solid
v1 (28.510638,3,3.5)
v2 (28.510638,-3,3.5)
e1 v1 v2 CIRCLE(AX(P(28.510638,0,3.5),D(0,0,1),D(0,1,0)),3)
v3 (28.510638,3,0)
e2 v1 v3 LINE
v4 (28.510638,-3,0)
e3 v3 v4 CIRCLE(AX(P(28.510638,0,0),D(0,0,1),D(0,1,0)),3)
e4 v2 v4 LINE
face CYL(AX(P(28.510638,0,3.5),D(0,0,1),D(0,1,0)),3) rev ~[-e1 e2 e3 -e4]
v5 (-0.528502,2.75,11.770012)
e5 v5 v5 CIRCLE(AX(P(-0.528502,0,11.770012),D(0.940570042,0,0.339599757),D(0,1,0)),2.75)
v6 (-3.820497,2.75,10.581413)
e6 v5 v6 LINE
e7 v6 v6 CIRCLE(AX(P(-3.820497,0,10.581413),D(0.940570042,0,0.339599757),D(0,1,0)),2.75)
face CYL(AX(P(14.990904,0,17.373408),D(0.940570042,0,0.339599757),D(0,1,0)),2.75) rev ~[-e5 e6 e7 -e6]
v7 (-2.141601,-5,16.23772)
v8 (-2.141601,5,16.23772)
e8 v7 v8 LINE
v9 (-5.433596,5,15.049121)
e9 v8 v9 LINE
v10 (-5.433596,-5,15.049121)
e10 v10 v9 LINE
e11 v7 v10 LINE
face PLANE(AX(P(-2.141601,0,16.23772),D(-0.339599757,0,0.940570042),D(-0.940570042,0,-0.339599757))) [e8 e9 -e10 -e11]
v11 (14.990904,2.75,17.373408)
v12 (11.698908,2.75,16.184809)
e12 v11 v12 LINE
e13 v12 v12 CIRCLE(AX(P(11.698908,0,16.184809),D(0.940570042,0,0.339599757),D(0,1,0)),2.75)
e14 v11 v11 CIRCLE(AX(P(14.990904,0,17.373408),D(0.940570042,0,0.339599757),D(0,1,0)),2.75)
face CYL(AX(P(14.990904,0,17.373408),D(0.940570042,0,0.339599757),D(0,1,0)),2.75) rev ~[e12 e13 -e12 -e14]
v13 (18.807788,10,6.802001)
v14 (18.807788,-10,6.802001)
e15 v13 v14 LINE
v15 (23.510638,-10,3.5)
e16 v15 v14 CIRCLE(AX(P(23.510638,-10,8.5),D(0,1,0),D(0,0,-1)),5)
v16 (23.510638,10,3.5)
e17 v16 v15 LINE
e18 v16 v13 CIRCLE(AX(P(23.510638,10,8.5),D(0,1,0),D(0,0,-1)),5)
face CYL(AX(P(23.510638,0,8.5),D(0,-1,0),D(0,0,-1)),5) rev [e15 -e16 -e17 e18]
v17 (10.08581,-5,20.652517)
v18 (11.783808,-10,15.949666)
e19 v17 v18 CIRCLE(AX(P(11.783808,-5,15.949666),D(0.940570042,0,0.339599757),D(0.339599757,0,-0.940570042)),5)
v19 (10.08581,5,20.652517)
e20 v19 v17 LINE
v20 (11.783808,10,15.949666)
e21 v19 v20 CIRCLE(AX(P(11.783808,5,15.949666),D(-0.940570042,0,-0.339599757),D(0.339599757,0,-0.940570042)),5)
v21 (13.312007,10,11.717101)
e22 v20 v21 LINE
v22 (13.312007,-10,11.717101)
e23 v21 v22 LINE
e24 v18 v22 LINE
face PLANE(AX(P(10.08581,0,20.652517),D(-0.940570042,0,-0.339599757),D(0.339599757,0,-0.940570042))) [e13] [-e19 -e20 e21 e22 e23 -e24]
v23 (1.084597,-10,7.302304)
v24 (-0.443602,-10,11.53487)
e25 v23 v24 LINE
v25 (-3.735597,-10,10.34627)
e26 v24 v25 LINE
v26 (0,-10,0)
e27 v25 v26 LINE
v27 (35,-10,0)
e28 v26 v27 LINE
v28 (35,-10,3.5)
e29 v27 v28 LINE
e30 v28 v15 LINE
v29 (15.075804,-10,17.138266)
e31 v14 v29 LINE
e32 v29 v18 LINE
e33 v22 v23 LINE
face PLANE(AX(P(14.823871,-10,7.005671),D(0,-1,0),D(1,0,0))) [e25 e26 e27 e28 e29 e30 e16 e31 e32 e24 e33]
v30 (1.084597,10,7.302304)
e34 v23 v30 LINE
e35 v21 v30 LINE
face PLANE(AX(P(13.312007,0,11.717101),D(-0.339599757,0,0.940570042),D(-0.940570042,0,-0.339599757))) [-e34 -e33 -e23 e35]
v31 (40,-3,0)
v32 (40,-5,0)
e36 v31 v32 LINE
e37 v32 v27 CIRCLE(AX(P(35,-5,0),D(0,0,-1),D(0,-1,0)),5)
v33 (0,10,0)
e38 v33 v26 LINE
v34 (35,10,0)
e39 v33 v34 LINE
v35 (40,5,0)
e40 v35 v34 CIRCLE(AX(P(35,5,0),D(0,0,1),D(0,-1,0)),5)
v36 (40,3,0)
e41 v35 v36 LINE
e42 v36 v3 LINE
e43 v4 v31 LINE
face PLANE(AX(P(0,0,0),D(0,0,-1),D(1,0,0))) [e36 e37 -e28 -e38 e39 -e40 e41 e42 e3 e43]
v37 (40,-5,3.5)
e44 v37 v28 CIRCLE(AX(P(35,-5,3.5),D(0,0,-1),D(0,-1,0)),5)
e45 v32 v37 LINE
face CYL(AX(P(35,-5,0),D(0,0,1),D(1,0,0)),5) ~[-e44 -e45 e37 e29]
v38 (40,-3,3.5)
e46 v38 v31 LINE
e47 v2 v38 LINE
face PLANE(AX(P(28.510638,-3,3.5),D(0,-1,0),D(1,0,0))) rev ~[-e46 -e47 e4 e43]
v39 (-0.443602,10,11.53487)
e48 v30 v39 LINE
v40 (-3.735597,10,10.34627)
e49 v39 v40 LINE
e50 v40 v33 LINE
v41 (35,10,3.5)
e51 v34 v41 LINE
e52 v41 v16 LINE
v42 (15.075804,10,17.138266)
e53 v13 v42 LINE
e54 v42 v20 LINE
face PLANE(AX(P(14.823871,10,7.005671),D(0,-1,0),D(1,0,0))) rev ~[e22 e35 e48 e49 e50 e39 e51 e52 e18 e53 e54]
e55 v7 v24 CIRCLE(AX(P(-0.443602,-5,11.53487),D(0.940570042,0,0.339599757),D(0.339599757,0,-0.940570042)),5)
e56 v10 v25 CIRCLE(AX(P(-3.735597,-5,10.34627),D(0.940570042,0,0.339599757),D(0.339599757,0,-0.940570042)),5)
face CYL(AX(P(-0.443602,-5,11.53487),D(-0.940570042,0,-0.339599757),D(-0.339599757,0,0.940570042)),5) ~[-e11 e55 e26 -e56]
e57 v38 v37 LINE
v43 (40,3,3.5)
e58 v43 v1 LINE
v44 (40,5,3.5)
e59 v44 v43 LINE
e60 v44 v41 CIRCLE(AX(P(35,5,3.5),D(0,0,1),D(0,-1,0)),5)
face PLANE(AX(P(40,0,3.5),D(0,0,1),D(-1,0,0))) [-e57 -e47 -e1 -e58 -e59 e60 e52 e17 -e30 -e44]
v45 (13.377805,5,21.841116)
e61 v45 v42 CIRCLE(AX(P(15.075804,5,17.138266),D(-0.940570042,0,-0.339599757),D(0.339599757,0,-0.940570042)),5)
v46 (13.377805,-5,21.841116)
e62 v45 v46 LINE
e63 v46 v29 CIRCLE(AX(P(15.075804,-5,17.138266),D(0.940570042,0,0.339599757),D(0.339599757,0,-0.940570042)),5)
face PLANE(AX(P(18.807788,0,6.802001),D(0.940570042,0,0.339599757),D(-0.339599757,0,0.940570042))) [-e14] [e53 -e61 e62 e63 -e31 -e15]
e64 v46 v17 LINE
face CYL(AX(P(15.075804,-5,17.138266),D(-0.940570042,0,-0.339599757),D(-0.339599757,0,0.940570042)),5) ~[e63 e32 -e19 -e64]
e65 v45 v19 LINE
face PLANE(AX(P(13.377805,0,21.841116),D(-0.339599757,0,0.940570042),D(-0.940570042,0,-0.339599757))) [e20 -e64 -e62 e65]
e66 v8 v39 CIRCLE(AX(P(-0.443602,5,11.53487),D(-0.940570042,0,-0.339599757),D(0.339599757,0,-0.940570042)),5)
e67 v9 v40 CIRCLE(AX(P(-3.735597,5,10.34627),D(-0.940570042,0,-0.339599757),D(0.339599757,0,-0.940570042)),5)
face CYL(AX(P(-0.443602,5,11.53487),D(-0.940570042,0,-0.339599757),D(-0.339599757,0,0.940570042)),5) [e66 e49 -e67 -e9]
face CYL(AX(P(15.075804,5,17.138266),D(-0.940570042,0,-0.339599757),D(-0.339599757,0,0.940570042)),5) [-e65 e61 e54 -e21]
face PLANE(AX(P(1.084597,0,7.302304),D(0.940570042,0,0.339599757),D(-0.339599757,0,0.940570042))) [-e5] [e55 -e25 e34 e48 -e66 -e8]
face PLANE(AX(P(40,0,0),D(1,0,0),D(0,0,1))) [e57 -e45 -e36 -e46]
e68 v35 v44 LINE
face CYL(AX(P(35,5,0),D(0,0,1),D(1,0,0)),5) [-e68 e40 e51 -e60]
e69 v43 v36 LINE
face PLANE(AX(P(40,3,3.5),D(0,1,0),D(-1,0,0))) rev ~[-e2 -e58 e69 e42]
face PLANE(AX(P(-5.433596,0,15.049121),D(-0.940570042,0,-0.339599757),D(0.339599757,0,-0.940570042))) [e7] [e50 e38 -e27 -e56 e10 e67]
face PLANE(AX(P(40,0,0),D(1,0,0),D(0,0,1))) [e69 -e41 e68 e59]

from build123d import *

# Parameters (mm, degrees)
F1_DEPTH = 10
F2_R     = 5
F3_R     = 2.75
F4_DEPTH = 20
F6_DEPTH = 3.5


with BuildPart() as f1:
    # F0 (on Front) → F1 (new body, symmetric)
    with BuildSketch(Plane.XZ):
        with BuildLine():
            Line((-5.4335961189, 15.0491206792), (0, 0))
            Line((0, 0), (40, 0))
            Line((40, 0), (40, 3.5))
            Line((40, 3.5), (23.5106382979, 3.5))
            ThreePointArc((23.5106382979, 3.5), (20.6374861905, 4.4079348774), (18.8077880856, 6.8020012129))
            Line((18.8077880856, 6.8020012129), (13.3778047301, 21.8411158278))
            Line((13.3778047301, 21.8411158278), (10.0858095816, 20.6525166768))
            Line((10.0858095816, 20.6525166768), (13.3120072771, 11.7171012735))
            Line((13.3120072771, 11.7171012735), (1.0845967253, 7.3023044269))
            Line((1.0845967253, 7.3023044269), (-2.1416009703, 16.2377198302))
            Line((-2.1416009703, 16.2377198302), (-5.4335961189, 15.0491206792))
        make_face()
    extrude(amount=F1_DEPTH, both=True)

    # F2
    f2_edges = [f1.edges().sort_by_distance(p)[0] for p in [
        (-3.787599, 10, 15.64342),
        (11.731807, 10, 21.246816),
        (11.731807, -10, 21.246816),
        (-3.787599, -10, 15.64342),
        (40, -10, 1.75),
        (40, 10, 1.75),
    ]]
    fillet(f2_edges, radius=F2_R)

    # F3 (on face) → F4 (cut, through all)
    with BuildSketch(Plane(origin=(18.811400849, 0, 6.7919951486), x_dir=(0, 1, 0), z_dir=(0.9405700424, 0, 0.3395997574))):
        with Locations((0, 11.25)):
            Circle(F3_R)
    extrude(amount=-F4_DEPTH, mode=Mode.SUBTRACT)

    # F5 (on face) → F6 (cut, through all)
    with BuildSketch(Plane.XY.offset(3.5)):
        with BuildLine():
            ThreePointArc((28.5106382979, -3), (30.6319586414, -2.1213203436), (31.5106382979, 0))
            ThreePointArc((31.5106382979, 0), (30.6319586414, 2.1213203436), (28.5106382979, 3))
            ThreePointArc((28.5106382979, 3), (25.5106382979, 0), (28.5106382979, -3))
        make_face()
        with BuildLine():
            ThreePointArc((28.5106382979, 3), (30.6319586414, 2.1213203436), (31.5106382979, 0))
            ThreePointArc((31.5106382979, 0), (30.6319586414, -2.1213203436), (28.5106382979, -3))
            Line((28.5106382979, -3), (40, -3))
            Line((40, -3), (40, 3))
            Line((40, 3), (28.5106382979, 3))
        make_face()
    extrude(amount=-F6_DEPTH, mode=Mode.SUBTRACT)


solid = f1.part
